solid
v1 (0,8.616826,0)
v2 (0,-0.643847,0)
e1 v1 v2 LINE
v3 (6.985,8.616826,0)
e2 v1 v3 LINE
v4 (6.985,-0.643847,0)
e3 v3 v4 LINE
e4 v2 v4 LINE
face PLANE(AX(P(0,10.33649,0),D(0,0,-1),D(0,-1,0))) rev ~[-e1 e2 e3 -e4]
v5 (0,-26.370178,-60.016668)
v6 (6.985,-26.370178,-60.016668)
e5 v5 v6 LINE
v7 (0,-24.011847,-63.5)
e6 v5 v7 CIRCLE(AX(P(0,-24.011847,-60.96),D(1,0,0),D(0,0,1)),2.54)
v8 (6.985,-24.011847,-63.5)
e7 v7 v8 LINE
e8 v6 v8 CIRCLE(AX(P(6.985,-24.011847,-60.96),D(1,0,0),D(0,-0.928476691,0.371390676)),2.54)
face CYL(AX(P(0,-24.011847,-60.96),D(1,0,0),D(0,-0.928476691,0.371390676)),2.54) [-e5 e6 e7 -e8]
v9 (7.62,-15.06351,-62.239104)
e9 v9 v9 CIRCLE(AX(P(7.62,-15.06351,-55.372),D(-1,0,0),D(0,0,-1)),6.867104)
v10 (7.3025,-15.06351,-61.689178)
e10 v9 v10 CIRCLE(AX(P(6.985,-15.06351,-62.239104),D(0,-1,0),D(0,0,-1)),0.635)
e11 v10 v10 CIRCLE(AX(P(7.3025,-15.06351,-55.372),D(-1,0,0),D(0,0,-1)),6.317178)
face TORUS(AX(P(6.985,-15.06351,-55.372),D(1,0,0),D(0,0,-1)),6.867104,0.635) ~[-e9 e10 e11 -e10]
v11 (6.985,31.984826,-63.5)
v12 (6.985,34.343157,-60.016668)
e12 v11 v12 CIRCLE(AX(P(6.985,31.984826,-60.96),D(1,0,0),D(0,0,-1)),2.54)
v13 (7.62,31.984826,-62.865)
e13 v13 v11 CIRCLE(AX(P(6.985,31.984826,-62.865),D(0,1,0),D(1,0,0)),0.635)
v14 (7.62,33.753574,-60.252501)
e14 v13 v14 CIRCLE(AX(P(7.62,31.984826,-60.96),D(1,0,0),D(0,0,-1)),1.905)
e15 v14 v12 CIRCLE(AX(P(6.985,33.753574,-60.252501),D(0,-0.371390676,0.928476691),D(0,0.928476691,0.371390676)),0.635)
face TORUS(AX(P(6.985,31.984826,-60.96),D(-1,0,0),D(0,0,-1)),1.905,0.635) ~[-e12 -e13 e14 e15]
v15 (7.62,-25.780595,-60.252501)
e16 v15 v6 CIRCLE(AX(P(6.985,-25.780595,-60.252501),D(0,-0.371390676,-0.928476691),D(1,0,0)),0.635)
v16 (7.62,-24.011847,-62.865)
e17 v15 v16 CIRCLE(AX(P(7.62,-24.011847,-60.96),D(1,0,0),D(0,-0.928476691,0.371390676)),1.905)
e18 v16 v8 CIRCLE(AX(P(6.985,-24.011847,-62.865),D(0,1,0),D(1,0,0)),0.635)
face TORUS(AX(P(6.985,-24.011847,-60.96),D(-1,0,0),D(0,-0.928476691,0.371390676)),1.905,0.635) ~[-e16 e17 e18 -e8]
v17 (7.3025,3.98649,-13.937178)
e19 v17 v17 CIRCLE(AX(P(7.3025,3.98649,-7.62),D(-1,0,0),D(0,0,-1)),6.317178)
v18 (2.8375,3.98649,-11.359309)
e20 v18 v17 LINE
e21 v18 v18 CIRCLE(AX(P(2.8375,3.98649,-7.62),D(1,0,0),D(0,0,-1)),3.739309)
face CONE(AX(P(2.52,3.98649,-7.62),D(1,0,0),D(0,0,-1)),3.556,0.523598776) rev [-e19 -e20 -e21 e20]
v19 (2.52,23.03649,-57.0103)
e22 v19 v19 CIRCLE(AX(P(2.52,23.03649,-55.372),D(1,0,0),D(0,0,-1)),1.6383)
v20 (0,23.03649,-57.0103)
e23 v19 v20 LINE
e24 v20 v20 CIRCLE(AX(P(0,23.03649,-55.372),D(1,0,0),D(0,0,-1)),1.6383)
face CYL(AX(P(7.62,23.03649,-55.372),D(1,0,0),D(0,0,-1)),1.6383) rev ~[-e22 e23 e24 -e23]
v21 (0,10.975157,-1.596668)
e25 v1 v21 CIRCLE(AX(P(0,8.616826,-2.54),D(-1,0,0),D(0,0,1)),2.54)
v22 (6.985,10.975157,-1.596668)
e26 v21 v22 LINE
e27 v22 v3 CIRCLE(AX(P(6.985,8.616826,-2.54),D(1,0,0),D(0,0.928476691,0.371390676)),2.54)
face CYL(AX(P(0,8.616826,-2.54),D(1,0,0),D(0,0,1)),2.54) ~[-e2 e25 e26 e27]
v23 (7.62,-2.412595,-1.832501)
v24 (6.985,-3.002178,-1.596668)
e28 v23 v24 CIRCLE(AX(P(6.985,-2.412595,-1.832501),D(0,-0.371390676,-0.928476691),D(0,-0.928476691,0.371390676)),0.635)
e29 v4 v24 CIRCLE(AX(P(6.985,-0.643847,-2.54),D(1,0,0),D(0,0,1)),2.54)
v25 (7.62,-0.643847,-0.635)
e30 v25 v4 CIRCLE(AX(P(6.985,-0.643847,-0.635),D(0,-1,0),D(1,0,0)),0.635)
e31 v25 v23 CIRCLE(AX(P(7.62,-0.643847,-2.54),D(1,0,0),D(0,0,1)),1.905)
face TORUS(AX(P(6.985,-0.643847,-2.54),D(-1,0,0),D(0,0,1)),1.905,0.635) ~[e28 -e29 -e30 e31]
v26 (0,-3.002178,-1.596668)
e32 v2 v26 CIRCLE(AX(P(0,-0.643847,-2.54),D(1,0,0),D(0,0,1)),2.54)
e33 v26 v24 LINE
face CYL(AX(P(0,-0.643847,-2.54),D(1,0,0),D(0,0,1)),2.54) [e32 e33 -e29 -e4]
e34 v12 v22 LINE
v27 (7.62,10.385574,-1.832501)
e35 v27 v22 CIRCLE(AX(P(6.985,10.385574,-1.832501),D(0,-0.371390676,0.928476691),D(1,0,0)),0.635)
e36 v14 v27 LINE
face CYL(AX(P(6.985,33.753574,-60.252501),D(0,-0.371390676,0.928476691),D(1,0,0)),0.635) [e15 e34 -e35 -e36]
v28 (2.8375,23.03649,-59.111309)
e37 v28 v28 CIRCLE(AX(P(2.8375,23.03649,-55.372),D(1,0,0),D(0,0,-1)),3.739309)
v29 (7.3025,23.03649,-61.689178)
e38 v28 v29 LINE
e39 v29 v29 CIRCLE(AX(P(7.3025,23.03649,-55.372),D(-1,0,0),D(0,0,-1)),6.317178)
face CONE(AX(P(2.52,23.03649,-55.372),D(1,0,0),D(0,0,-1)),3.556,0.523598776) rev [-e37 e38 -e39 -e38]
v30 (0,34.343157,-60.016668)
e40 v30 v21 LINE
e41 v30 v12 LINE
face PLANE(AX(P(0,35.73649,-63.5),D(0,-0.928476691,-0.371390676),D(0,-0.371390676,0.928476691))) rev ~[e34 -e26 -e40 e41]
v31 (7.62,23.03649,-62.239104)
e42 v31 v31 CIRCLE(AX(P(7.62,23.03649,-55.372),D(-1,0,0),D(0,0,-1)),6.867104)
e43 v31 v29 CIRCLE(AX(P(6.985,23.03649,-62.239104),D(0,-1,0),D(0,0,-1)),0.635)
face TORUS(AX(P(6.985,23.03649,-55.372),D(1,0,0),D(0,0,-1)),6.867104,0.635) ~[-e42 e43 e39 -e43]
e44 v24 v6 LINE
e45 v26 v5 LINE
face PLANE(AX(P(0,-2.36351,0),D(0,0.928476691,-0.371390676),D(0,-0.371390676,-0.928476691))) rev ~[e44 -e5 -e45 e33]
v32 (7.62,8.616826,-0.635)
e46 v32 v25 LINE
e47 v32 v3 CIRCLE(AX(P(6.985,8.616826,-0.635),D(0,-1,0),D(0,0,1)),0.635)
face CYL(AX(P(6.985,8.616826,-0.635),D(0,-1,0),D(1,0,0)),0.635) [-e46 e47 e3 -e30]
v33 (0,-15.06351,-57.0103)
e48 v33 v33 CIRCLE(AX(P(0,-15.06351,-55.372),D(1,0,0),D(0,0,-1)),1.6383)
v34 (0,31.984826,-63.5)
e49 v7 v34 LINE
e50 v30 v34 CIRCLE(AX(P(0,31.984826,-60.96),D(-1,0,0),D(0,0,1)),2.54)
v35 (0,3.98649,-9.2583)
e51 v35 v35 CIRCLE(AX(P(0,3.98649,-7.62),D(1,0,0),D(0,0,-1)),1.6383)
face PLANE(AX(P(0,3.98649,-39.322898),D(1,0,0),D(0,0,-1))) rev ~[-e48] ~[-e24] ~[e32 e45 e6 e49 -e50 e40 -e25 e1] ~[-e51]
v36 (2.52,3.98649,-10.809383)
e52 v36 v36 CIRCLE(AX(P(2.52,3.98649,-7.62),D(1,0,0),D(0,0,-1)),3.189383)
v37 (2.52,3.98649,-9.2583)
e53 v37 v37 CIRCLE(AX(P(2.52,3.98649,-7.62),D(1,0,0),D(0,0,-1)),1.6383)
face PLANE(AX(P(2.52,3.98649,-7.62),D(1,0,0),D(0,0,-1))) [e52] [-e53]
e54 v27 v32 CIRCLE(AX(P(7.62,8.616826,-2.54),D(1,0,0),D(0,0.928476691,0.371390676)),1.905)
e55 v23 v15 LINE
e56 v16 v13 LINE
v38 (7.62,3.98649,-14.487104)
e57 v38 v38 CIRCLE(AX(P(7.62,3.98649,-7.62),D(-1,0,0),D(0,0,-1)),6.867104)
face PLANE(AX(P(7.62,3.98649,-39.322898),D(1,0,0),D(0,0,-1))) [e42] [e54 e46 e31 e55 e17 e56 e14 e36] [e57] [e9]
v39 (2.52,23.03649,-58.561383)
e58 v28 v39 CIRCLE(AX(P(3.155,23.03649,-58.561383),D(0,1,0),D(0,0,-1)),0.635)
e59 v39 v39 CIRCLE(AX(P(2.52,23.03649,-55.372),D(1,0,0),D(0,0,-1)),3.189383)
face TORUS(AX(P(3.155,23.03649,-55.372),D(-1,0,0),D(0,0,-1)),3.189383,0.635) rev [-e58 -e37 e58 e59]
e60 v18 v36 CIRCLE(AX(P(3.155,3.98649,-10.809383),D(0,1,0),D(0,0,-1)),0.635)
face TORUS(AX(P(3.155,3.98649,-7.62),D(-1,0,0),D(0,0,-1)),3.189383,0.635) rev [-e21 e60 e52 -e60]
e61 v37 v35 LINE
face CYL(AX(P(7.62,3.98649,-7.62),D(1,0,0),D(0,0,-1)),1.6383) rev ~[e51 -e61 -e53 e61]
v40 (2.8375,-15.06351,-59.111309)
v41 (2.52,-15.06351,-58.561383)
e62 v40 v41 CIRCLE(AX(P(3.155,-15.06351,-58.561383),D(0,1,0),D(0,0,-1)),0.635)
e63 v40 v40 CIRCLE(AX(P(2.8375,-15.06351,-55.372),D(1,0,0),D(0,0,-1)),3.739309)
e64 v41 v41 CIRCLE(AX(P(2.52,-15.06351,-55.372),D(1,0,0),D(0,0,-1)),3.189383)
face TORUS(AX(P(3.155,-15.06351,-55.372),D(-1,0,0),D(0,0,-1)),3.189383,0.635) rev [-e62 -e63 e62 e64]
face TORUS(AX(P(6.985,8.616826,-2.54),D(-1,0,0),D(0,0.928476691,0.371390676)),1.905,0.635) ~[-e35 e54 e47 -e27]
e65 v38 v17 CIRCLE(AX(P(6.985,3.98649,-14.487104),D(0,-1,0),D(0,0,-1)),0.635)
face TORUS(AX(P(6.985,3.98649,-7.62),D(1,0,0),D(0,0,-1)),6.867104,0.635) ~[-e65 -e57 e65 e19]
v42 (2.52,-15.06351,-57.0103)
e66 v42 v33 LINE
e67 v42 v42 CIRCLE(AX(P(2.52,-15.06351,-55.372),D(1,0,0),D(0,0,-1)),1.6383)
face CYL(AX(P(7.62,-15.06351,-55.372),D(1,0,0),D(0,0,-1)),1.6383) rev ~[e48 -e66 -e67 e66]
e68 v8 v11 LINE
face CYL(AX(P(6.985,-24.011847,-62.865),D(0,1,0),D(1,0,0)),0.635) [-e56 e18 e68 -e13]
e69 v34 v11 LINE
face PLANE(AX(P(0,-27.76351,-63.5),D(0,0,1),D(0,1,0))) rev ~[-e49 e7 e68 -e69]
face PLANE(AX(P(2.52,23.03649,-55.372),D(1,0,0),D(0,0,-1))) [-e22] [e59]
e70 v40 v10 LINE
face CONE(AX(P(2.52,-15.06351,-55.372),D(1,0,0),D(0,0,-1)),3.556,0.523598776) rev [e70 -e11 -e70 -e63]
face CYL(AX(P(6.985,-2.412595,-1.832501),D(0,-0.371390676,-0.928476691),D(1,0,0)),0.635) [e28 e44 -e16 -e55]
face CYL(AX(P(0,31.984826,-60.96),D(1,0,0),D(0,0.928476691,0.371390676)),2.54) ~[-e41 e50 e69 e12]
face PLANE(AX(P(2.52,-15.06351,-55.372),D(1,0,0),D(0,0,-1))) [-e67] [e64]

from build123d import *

# Parameters (mm, degrees)
BOSS_EXTRUDE1_DEPTH          = 7.62
SKETCH2_R                    = 1.6383
CUT_EXTRUDE1_DEPTH           = 74.262617229
CUT_EXTRUDE2_START           = -5.1
SKETCH3_R                    = 3.556
CUT_EXTRUDE2_DEPTH           = 79.362617229
CUT_EXTRUDE2_DRAFT           = -30
CUT_EXTRUDE2_PROFILE_2_DEPTH = 79.362617229
CUT_EXTRUDE2_PROFILE_2_DRAFT = -30
CUT_EXTRUDE2_PROFILE_3_DEPTH = 79.362617229
CUT_EXTRUDE2_PROFILE_3_DRAFT = -30
FILLET1_R                    = 2.54
FILLET2_R                    = 0.635


with BuildPart() as part:
    # Sketch1 → Boss-Extrude1 (new body)
    with BuildSketch(Plane(origin=(0, 0, 0), x_dir=(0, 0, -1), z_dir=(1, 0, 0))):
        Polygon((0, 10.336489519), (0, -2.363510481), (63.5, -27.763510481), (63.5, 35.736489519), align=None)
    extrude(amount=BOSS_EXTRUDE1_DEPTH)

    # Sketch2 → Cut-Extrude1 (cut, through all)
    with BuildSketch(Plane(origin=(7.62, 0, 0), x_dir=(0, 0, -1), z_dir=(1, 0, 0))):
        with Locations((55.372, 23.036489519)):
            Circle(SKETCH2_R)
        with Locations((7.62, 3.986489519)):
            Circle(SKETCH2_R)
        with Locations((55.372, -15.063510481)):
            Circle(SKETCH2_R)
    extrude(amount=-CUT_EXTRUDE1_DEPTH, mode=Mode.SUBTRACT)


with BuildPart() as cut_extrude2_tool:
    # Sketch3 → Cut-Extrude2 (with draft: the straight prism first)
    with BuildSketch(Plane(origin=(7.62, 0, 0), x_dir=(0, 0, -1), z_dir=(1, 0, 0)).offset(CUT_EXTRUDE2_START)):
        with Locations((7.62, 3.986489519)):
            Circle(SKETCH3_R)
    extrude(amount=CUT_EXTRUDE2_DEPTH)
    # Cut-Extrude2: the draft: its side faces are tilted about the plane it starts from
    cut_extrude2_sides = [cut_extrude2_tool.faces().sort_by_distance(p)[0] for p in [
        (42.201308614, 3.986489519, -4.064),
    ]]
    draft(cut_extrude2_sides, Plane(origin=(7.62, 0, 0), x_dir=(0, 0, -1), z_dir=(1, 0, 0)).offset(CUT_EXTRUDE2_START), CUT_EXTRUDE2_DRAFT)


with BuildPart() as part_1:
    add(part.part)

    # Cut-Extrude2: cut by cut_extrude2_tool
    add(cut_extrude2_tool.part, mode=Mode.SUBTRACT)


with BuildPart() as cut_extrude2_profile_2_tool:
    # Sketch3 → Cut-Extrude2 profile 2 (with draft: the straight prism first)
    with BuildSketch(Plane(origin=(7.62, 0, 0), x_dir=(0, 0, -1), z_dir=(1, 0, 0)).offset(CUT_EXTRUDE2_START)):
        with Locations((55.372, 23.036489519)):
            Circle(SKETCH3_R)
    extrude(amount=CUT_EXTRUDE2_PROFILE_2_DEPTH)
    # Cut-Extrude2 profile 2: the draft: its side faces are tilted about the plane it starts from
    cut_extrude2_profile_2_sides = [cut_extrude2_profile_2_tool.faces().sort_by_distance(p)[0] for p in [
        (42.201308614, 23.036489519, -51.816),
    ]]
    draft(cut_extrude2_profile_2_sides, Plane(origin=(7.62, 0, 0), x_dir=(0, 0, -1), z_dir=(1, 0, 0)).offset(CUT_EXTRUDE2_START), CUT_EXTRUDE2_PROFILE_2_DRAFT)


with BuildPart() as part_2:
    add(part_1.part)

    # Cut-Extrude2 profile 2: cut by cut_extrude2_profile_2_tool
    add(cut_extrude2_profile_2_tool.part, mode=Mode.SUBTRACT)


with BuildPart() as cut_extrude2_profile_3_tool:
    # Sketch3 → Cut-Extrude2 profile 3 (with draft: the straight prism first)
    with BuildSketch(Plane(origin=(7.62, 0, 0), x_dir=(0, 0, -1), z_dir=(1, 0, 0)).offset(CUT_EXTRUDE2_START)):
        with Locations((55.372, -15.063510481)):
            Circle(SKETCH3_R)
    extrude(amount=CUT_EXTRUDE2_PROFILE_3_DEPTH)
    # Cut-Extrude2 profile 3: the draft: its side faces are tilted about the plane it starts from
    cut_extrude2_profile_3_sides = [cut_extrude2_profile_3_tool.faces().sort_by_distance(p)[0] for p in [
        (42.201308614, -15.063510481, -51.816),
    ]]
    draft(cut_extrude2_profile_3_sides, Plane(origin=(7.62, 0, 0), x_dir=(0, 0, -1), z_dir=(1, 0, 0)).offset(CUT_EXTRUDE2_START), CUT_EXTRUDE2_PROFILE_3_DRAFT)


with BuildPart() as part_3:
    add(part_2.part)

    # Cut-Extrude2 profile 3: cut by cut_extrude2_profile_3_tool
    add(cut_extrude2_profile_3_tool.part, mode=Mode.SUBTRACT)

    # Fillet1
    fillet1_edges = [part_3.edges().sort_by_distance(p)[0] for p in [
        (3.81, 35.736489519, -63.5),
        (3.81, -27.763510481, -63.5),
        (3.81, -2.363510481, 0),
        (3.81, 10.336489519, 0),
    ]]
    fillet(fillet1_edges, radius=FILLET1_R)

    # Fillet2
    fillet2_edges = [part_3.edges().sort_by_distance(p)[0] for p in [
        (7.62, 3.986489519, -1.119513627),
        (2.52, 3.986489519, -4.064),
        (7.62, 23.036489519, -48.871513627),
        (2.52, 23.036489519, -51.816),
        (7.62, -15.063510481, -48.871513627),
        (2.52, -15.063510481, -51.816),
        (7.62, 3.986489519, -63.5),
        (7.62, -14.686177553, -30.806667682),
        (7.62, 22.659156592, -30.806667682),
        (7.62, 3.986489519, 0),
        (7.62, 10.040822973, -0.436709235),
        (7.62, -2.067843934, -0.436709235),
        (7.62, 34.088116563, -62.383997176),
        (7.62, -26.115137524, -62.383997176),
    ]]
    fillet(fillet2_edges, radius=FILLET2_R)


solid = part_3.part
